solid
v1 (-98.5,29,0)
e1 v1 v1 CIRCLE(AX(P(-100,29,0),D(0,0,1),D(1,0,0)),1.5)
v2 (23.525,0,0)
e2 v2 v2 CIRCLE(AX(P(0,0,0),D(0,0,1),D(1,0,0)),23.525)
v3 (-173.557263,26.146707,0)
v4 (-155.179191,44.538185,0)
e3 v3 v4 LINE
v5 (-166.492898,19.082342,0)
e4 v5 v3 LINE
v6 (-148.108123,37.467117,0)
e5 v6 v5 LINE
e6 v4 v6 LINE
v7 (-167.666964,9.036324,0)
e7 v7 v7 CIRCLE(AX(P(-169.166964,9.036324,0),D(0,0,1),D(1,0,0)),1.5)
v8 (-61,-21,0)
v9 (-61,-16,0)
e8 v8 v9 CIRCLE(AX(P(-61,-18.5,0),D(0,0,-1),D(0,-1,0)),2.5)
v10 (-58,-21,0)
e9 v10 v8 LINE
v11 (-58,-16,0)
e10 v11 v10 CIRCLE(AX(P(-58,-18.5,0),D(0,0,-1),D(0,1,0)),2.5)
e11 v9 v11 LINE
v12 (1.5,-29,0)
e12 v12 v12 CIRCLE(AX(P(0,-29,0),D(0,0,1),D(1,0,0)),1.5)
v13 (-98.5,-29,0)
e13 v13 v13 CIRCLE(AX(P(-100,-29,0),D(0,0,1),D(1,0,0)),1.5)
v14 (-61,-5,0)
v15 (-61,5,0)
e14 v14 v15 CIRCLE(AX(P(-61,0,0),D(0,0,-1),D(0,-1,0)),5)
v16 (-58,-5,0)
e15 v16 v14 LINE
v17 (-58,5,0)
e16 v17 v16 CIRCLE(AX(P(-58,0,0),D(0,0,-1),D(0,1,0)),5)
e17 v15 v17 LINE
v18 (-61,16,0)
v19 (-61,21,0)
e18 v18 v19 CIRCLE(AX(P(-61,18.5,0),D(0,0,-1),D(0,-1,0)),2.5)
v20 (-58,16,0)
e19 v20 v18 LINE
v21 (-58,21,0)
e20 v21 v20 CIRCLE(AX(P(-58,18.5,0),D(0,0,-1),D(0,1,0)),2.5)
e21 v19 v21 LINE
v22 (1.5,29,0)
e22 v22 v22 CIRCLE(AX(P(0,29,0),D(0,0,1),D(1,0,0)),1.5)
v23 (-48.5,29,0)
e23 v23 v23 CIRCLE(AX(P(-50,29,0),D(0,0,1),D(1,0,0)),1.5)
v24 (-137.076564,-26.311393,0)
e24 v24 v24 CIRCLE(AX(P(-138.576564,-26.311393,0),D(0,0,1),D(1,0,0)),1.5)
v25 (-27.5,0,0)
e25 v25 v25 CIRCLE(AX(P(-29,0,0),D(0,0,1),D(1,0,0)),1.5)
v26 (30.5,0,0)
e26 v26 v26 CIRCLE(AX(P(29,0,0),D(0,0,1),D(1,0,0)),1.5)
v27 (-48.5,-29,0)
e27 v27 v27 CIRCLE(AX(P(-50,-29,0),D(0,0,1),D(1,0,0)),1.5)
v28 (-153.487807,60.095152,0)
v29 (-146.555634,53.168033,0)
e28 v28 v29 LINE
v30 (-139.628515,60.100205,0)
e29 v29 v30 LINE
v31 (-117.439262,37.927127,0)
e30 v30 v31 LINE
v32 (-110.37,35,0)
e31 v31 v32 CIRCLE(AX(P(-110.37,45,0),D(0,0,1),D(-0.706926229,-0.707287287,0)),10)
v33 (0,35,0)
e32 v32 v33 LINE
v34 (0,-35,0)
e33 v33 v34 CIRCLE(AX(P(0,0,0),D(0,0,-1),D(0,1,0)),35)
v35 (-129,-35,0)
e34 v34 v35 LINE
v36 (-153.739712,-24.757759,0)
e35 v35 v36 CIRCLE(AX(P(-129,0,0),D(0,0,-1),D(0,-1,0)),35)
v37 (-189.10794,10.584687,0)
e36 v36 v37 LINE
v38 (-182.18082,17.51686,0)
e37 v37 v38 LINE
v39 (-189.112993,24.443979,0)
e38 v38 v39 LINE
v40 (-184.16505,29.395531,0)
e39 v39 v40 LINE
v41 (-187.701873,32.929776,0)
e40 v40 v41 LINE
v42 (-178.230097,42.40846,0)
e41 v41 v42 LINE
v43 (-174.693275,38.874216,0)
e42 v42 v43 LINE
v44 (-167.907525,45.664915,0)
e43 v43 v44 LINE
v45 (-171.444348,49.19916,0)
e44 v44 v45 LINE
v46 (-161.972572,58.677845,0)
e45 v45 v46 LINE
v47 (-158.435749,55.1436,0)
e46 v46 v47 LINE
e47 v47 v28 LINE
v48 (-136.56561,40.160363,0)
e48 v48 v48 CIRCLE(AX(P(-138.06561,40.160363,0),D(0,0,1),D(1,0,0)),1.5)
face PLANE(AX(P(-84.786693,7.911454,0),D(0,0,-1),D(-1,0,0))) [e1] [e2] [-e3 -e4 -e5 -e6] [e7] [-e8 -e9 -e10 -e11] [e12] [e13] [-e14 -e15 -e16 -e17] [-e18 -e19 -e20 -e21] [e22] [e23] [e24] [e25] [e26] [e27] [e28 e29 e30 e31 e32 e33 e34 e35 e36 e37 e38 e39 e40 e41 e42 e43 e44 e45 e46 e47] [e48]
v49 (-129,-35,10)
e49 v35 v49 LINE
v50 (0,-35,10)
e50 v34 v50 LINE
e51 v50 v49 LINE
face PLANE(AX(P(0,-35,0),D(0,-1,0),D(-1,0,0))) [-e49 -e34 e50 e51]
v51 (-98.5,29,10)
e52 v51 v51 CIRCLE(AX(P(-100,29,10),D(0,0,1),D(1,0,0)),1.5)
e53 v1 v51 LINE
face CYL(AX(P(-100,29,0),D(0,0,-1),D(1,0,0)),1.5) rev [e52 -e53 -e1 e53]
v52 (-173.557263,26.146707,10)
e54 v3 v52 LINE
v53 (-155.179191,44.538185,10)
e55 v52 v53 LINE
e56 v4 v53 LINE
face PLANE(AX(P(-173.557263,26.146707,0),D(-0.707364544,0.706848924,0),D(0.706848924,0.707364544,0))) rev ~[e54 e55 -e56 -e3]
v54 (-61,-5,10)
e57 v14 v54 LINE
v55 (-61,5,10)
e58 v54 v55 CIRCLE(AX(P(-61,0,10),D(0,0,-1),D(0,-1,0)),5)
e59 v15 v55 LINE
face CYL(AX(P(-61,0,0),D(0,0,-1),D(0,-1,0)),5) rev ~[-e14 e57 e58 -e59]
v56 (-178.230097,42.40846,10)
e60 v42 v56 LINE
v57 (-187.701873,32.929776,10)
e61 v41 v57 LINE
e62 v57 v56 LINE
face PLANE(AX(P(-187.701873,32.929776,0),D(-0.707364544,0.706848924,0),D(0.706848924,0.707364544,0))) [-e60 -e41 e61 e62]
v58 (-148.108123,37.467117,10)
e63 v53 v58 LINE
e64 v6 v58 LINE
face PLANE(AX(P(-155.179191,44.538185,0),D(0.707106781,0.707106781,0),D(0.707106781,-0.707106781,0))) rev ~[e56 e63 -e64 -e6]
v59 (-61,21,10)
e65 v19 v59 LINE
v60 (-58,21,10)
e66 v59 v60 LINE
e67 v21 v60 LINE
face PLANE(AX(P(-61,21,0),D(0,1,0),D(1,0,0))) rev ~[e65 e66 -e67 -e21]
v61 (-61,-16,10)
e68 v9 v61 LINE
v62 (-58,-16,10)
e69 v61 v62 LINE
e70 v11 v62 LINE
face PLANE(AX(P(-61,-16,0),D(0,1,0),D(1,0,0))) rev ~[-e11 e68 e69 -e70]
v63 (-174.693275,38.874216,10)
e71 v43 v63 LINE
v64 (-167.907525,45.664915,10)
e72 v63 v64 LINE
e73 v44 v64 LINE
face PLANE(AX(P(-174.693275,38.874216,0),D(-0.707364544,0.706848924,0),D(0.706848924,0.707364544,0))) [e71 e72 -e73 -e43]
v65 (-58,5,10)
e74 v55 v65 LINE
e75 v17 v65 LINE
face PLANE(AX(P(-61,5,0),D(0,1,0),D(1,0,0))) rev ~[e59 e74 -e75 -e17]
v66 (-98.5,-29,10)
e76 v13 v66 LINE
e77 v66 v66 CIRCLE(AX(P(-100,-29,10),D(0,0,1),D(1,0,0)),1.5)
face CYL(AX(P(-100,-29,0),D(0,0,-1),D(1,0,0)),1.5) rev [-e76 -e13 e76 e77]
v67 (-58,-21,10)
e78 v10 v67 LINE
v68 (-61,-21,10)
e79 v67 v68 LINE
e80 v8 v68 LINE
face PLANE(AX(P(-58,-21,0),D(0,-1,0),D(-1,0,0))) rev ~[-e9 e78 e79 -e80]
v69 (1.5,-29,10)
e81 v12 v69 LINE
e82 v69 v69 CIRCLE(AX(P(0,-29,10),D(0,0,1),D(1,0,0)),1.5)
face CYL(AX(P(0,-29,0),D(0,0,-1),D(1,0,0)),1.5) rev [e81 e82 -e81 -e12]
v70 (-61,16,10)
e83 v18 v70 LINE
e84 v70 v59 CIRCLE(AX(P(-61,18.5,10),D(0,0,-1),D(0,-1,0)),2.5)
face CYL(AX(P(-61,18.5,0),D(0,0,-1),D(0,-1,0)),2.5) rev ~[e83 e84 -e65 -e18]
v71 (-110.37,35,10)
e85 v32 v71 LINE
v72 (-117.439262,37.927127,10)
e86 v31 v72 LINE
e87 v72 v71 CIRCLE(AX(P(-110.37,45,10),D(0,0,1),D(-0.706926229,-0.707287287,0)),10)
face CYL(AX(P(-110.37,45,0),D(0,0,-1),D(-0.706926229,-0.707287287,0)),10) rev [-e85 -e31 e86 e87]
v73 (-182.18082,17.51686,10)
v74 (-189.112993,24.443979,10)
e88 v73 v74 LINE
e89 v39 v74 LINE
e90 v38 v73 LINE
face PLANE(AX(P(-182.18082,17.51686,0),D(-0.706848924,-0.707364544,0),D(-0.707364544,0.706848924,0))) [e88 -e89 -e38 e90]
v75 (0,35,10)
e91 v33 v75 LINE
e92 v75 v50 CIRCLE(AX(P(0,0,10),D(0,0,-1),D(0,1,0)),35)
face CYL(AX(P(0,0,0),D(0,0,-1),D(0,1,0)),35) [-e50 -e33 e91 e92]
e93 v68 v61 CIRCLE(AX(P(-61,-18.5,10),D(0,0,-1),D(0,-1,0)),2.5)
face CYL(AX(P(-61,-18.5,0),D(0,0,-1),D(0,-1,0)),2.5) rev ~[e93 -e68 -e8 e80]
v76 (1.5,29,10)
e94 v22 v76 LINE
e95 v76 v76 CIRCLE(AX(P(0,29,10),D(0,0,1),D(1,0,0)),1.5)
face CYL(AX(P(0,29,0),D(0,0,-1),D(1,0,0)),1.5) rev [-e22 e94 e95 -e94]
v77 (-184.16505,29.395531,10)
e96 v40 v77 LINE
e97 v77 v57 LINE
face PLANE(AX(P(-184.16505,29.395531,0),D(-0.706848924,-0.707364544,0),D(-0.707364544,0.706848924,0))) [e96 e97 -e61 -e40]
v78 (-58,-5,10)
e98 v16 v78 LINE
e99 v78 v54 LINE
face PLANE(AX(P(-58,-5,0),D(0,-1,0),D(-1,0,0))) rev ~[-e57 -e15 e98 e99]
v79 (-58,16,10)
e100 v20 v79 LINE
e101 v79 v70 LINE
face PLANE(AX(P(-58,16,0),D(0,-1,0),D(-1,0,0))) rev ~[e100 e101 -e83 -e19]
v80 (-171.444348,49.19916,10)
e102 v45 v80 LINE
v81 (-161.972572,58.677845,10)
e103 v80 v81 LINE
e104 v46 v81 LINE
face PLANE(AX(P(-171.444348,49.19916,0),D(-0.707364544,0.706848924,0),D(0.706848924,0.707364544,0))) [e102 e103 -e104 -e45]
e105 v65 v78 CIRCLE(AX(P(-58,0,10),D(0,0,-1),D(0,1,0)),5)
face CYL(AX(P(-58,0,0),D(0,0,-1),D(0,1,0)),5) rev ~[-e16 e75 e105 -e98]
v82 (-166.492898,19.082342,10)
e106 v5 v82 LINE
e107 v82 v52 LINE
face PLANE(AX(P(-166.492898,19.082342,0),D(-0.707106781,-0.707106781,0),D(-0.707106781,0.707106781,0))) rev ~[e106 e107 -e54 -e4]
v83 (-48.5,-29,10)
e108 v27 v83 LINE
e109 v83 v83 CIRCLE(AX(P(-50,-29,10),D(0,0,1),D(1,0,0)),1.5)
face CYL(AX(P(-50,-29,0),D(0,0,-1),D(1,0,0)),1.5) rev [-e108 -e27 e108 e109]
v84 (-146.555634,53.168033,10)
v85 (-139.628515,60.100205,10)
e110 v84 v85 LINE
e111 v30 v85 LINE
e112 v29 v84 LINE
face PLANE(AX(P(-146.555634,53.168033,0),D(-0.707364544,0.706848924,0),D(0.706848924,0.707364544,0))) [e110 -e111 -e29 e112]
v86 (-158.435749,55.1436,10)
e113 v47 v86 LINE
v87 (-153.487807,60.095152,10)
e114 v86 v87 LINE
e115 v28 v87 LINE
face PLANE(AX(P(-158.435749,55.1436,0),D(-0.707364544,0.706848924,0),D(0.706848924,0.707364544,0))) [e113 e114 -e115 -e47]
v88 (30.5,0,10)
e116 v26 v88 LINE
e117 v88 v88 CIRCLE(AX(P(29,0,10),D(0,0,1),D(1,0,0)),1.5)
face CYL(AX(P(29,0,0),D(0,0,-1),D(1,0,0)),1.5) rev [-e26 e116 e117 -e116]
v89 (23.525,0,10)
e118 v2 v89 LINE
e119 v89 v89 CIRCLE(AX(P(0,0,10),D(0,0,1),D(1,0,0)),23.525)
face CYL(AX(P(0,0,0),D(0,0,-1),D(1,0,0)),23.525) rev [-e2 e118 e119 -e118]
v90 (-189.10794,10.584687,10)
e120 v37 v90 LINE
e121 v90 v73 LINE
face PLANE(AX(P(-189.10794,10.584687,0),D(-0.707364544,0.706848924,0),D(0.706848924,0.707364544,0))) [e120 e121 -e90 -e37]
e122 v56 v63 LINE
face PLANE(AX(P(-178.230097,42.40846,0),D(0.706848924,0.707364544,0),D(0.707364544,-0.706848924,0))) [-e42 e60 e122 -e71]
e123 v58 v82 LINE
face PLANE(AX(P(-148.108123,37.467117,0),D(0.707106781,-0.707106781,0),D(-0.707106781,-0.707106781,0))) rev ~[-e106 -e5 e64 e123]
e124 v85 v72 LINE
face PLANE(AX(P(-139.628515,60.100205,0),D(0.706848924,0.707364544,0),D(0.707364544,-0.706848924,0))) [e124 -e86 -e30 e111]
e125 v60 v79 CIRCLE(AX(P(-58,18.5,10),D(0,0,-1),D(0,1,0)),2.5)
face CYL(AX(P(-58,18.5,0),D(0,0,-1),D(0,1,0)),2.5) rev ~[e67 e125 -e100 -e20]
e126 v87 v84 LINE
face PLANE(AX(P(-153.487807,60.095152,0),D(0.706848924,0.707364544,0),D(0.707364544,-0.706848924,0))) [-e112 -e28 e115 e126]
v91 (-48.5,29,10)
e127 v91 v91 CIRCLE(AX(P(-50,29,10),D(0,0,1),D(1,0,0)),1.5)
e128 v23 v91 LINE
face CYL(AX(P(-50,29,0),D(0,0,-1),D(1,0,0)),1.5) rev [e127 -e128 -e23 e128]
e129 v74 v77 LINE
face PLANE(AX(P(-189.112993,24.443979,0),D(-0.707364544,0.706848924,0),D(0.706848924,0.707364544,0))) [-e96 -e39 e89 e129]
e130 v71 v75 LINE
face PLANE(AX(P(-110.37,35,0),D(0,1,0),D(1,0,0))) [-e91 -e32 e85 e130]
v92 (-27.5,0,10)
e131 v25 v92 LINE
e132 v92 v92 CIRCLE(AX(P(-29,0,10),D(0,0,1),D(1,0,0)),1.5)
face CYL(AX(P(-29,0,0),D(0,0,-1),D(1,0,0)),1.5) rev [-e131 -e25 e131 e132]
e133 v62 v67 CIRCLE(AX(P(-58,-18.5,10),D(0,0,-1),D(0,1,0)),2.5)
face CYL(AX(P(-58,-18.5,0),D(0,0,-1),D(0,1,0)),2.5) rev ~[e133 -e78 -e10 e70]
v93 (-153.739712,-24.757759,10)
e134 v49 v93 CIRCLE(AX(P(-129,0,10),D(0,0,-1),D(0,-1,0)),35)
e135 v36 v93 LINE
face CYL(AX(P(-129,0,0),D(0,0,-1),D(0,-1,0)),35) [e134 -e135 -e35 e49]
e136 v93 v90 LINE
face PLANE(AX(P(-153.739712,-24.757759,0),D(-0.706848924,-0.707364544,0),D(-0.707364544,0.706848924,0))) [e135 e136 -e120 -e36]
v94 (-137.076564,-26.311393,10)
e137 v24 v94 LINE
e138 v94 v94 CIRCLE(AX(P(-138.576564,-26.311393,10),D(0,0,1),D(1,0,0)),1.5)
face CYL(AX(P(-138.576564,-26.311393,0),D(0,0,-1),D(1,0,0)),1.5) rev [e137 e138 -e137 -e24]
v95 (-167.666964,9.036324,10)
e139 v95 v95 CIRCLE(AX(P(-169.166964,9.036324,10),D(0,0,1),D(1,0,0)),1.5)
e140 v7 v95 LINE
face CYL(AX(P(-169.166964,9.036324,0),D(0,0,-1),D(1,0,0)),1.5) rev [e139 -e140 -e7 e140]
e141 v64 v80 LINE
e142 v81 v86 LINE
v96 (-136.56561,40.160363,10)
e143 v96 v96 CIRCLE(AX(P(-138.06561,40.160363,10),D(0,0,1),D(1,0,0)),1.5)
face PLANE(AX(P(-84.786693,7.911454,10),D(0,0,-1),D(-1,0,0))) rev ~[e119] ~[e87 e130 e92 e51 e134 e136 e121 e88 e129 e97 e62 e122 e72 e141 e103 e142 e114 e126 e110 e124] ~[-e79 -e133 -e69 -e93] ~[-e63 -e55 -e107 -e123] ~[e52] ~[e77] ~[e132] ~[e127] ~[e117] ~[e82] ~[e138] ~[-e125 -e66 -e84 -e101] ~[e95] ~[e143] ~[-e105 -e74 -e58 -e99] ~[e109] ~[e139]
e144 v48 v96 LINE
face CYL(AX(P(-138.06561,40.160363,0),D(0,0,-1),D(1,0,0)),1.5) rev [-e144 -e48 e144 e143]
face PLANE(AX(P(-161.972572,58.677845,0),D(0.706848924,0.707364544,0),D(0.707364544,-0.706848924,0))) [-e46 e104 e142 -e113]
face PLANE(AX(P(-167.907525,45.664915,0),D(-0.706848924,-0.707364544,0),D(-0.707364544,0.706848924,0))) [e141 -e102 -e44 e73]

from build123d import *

# Parameters (mm, degrees)
SKETCH1_R           = 23.525
SKETCH1_R_2         = 1.5
BOSS_EXTRUDE1_DEPTH = 10


with BuildPart() as part:
    # Sketch1 → Boss-Extrude1 (new body)
    with BuildSketch(Plane.XY):
        with BuildLine():
            Line((0, -35), (-129, -35))
            ThreePointArc((-129, -35), (-142.388025128, -32.338224799), (-153.739712354, -24.757759039))
            Line((-153.739712354, -24.757759039), (-189.107939553, 10.584687182))
            Line((-189.107939553, 10.584687182), (-182.180820093, 17.516859712))
            Line((-182.180820093, 17.516859712), (-189.112992624, 24.443979172))
            Line((-189.112992624, 24.443979172), (-184.165050154, 29.395530979))
            Line((-184.165050154, 29.395530979), (-187.701872873, 32.929775601))
            Line((-187.701872873, 32.929775601), (-178.230097286, 42.408460491))
            Line((-178.230097286, 42.408460491), (-174.693274566, 38.874215869))
            Line((-174.693274566, 38.874215869), (-167.907524892, 45.664915491))
            Line((-167.907524892, 45.664915491), (-171.444347612, 49.199160113))
            Line((-171.444347612, 49.199160113), (-161.972572025, 58.677845002))
            Line((-161.972572025, 58.677845002), (-158.435749305, 55.14360038))
            Line((-158.435749305, 55.14360038), (-153.487806834, 60.095152188))
            Line((-153.487806834, 60.095152188), (-146.555634303, 53.168032728))
            Line((-146.555634303, 53.168032728), (-139.628514844, 60.100205259))
            Line((-139.628514844, 60.100205259), (-117.439262294, 37.927127131))
            ThreePointArc((-117.439262294, 37.927127131), (-114.195654931, 35.760716243), (-110.37, 35))
            Line((-110.37, 35), (0, 35))
            ThreePointArc((0, 35), (35, 0), (0, -35))
        make_face()
        Circle(SKETCH1_R, mode=Mode.SUBTRACT)
        with Locations((29, 0)):
            Circle(SKETCH1_R_2, mode=Mode.SUBTRACT)
        with Locations((0, 29)):
            Circle(SKETCH1_R_2, mode=Mode.SUBTRACT)
        with Locations((0, -29)):
            Circle(SKETCH1_R_2, mode=Mode.SUBTRACT)
        with Locations((-50, -29)):
            Circle(SKETCH1_R_2, mode=Mode.SUBTRACT)
        with Locations((-50, 29)):
            Circle(SKETCH1_R_2, mode=Mode.SUBTRACT)
        with Locations((-100, -29)):
            Circle(SKETCH1_R_2, mode=Mode.SUBTRACT)
        with Locations((-100, 29)):
            Circle(SKETCH1_R_2, mode=Mode.SUBTRACT)
        with Locations((-29, 0)):
            Circle(SKETCH1_R_2, mode=Mode.SUBTRACT)
        with Locations((-169.166963878, 9.036324012)):
            Circle(SKETCH1_R_2, mode=Mode.SUBTRACT)
        with Locations((-138.065609793, 40.160362537)):
            Circle(SKETCH1_R_2, mode=Mode.SUBTRACT)
        with Locations((-138.576564013, -26.311393382)):
            Circle(SKETCH1_R_2, mode=Mode.SUBTRACT)
        with BuildLine():
            Line((-58, -5), (-61, -5))
            ThreePointArc((-61, -5), (-66, 0), (-61, 5))
            Line((-61, 5), (-58, 5))
            ThreePointArc((-58, 5), (-53, 0), (-58, -5))
        make_face(mode=Mode.SUBTRACT)
        with BuildLine():
            Line((-58, 16), (-61, 16))
            ThreePointArc((-61, 16), (-63.5, 18.5), (-61, 21))
            Line((-61, 21), (-58, 21))
            ThreePointArc((-58, 21), (-55.5, 18.5), (-58, 16))
        make_face(mode=Mode.SUBTRACT)
        with BuildLine():
            Line((-58, -21), (-61, -21))
            ThreePointArc((-61, -21), (-63.5, -18.5), (-61, -16))
            Line((-61, -16), (-58, -16))
            ThreePointArc((-58, -16), (-55.5, -18.5), (-58, -21))
        make_face(mode=Mode.SUBTRACT)
        Polygon((-173.557263216, 26.146707149), (-155.179191181, 44.538185292), (-148.108123369, 37.46711748), (-166.492898458, 19.082342391), align=None, mode=Mode.SUBTRACT)
    extrude(amount=BOSS_EXTRUDE1_DEPTH)


solid = part.part
